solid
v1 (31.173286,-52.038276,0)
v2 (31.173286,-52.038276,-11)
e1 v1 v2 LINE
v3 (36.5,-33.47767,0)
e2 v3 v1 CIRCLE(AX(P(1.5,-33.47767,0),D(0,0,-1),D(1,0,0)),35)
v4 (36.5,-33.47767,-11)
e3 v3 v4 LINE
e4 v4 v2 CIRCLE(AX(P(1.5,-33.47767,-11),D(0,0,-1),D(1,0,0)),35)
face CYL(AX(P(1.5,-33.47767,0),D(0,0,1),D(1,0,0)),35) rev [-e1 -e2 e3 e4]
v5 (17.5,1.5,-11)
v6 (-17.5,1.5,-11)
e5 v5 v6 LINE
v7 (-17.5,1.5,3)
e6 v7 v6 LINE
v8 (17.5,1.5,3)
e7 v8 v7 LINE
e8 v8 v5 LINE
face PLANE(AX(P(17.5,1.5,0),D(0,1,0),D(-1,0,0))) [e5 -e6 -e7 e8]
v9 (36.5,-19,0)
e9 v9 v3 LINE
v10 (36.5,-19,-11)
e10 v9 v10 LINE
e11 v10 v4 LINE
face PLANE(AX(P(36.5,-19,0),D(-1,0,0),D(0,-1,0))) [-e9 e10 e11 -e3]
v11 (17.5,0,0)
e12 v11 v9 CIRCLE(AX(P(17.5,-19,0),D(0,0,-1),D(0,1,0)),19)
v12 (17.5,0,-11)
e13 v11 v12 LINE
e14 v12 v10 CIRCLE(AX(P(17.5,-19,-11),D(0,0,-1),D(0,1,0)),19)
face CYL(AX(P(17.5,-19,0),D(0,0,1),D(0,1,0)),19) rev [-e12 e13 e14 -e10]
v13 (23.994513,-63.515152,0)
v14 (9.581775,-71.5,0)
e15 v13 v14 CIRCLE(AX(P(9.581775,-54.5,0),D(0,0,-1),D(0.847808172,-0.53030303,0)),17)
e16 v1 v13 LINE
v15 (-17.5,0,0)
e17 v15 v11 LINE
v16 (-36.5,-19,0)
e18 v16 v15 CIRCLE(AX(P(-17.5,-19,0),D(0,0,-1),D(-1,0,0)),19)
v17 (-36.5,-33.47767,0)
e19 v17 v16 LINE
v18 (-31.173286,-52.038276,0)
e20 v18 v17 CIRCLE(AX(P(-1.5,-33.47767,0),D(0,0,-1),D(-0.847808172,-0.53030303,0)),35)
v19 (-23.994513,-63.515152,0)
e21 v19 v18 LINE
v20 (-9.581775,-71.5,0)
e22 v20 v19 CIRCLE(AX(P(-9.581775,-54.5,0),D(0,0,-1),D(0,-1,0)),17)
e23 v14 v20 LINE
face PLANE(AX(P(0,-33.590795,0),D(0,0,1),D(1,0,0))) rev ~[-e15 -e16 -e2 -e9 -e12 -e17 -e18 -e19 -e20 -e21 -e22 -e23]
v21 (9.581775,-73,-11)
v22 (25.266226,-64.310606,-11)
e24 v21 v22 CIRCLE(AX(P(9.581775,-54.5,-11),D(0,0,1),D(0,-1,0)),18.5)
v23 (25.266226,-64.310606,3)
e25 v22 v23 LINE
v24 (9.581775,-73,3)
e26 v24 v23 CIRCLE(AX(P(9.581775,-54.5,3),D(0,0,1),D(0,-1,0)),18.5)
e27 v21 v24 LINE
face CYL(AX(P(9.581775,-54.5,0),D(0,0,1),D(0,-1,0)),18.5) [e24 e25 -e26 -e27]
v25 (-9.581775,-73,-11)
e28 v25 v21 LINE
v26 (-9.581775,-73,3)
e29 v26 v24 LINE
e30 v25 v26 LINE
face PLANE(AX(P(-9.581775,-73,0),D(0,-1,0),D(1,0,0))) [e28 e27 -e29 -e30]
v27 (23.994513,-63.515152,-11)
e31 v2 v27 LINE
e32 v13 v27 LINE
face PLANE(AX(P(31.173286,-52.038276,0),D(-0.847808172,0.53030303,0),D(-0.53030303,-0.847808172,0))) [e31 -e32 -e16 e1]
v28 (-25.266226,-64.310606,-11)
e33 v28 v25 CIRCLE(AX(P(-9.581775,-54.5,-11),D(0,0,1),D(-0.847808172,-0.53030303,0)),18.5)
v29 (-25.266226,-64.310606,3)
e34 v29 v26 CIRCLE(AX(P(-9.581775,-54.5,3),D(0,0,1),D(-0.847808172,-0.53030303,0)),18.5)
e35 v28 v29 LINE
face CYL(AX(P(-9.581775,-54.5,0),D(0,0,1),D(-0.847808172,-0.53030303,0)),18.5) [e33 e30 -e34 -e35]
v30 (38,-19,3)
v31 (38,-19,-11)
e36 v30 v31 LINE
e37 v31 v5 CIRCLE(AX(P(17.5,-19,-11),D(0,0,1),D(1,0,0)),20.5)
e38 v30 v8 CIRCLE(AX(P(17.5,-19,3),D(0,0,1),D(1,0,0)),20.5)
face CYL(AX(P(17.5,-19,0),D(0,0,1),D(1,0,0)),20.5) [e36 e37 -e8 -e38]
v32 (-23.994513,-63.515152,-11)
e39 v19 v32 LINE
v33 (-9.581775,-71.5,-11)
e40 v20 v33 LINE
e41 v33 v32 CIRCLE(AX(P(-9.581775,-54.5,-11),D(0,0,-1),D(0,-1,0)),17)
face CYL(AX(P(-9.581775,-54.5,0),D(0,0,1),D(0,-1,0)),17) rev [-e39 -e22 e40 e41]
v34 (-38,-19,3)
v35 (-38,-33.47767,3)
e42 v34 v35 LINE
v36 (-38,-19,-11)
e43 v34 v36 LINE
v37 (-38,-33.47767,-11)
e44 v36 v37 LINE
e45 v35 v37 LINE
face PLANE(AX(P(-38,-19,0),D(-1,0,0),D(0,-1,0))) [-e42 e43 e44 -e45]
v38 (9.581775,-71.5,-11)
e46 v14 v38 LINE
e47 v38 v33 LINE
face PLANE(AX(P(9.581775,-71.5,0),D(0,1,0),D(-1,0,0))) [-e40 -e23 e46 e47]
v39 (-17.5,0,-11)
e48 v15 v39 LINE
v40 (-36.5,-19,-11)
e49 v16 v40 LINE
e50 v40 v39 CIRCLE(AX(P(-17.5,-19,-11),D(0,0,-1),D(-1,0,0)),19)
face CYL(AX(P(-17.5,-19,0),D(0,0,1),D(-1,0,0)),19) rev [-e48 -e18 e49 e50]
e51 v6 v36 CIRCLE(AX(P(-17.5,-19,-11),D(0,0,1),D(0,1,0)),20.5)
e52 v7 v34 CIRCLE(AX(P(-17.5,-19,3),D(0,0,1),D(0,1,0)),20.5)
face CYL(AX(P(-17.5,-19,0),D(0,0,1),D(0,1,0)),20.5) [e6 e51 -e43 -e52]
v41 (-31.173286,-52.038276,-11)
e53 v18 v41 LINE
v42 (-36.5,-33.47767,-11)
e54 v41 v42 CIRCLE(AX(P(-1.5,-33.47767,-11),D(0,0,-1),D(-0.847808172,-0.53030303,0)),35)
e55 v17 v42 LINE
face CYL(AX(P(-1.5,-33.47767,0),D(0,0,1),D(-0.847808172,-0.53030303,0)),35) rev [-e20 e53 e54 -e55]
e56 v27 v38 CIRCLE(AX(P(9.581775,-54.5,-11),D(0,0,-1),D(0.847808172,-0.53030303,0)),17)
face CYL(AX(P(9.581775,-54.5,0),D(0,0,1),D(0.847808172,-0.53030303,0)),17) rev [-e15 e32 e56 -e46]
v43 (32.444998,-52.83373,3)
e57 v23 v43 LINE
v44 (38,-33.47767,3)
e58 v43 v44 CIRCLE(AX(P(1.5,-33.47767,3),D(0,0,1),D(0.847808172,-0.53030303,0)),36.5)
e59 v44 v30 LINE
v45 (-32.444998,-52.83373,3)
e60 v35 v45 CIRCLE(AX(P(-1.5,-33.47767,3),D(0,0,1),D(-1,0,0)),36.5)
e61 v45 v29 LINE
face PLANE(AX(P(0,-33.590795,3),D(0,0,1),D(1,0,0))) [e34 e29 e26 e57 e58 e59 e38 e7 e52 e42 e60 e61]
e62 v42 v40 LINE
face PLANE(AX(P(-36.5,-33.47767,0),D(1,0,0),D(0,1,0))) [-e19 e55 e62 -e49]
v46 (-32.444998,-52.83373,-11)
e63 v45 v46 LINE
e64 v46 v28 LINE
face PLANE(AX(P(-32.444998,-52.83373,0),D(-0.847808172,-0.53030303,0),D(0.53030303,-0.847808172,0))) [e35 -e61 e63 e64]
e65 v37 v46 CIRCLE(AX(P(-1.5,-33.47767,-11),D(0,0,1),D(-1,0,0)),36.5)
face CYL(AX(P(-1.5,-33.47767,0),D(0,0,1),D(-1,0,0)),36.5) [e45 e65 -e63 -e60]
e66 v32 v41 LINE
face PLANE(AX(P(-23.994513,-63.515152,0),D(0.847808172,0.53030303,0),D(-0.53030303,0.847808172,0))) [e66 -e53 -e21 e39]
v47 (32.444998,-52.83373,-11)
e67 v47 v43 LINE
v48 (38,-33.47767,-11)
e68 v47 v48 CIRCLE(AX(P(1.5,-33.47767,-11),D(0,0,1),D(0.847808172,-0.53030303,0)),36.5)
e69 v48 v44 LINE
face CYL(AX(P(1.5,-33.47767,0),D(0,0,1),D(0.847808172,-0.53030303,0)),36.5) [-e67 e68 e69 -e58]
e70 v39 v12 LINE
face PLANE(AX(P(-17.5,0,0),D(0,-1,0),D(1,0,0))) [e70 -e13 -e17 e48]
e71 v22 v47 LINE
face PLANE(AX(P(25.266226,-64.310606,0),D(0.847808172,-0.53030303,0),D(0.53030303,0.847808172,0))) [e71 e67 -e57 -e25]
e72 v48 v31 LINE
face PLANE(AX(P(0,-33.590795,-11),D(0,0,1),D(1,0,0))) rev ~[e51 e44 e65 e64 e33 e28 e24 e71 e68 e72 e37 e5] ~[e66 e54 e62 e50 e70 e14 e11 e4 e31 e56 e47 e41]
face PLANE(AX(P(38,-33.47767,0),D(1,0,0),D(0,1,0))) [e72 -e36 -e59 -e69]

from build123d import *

# Parameters (mm, degrees)
F1_DEPTH = 3
F2_DEPTH = 11


with BuildPart() as f1:
    # F0 (on Top) → F1 (new body)
    with BuildSketch(Plane.XY):
        with BuildLine():
            Line((-32.4449982681, -52.8337302731), (-25.2662257445, -64.3106060606))
            ThreePointArc((-25.2662257445, -64.3106060606), (-18.5470907326, -70.6824938146), (-9.5817745675, -73))
            Line((-9.5817745675, -73), (9.5817745675, -73))
            ThreePointArc((9.5817745675, -73), (18.5470907326, -70.6824938146), (25.2662257445, -64.3106060606))
            Line((25.2662257445, -64.3106060606), (32.4449982681, -52.8337302731))
            ThreePointArc((32.4449982681, -52.8337302731), (36.5837742895, -43.5463727418), (38, -33.4776696671))
            Line((38, -33.4776696671), (38, -19))
            ThreePointArc((38, -19), (31.9956890143, -4.5043109857), (17.5, 1.5))
            Line((17.5, 1.5), (0, 1.5))
            Line((0, 1.5), (-17.5, 1.5))
            ThreePointArc((-17.5, 1.5), (-31.9956890143, -4.5043109857), (-38, -19))
            Line((-38, -19), (-38, -33.4776696671))
            ThreePointArc((-38, -33.4776696671), (-36.5837742895, -43.5463727418), (-32.4449982681, -52.8337302731))
        make_face()
        with BuildLine():
            Line((-17.5, 0), (0, 0))
            Line((0, 0), (17.5, 0))
            ThreePointArc((17.5, 0), (30.9350288425, -5.5649711575), (36.5, -19))
            Line((36.5, -19), (36.5, -33.4776696671))
            ThreePointArc((36.5, -33.4776696671), (35.1419753461, -43.1325904236), (31.1732860105, -52.0382757277))
            Line((31.1732860105, -52.0382757277), (23.9945134869, -63.5151515152))
            ThreePointArc((23.9945134869, -63.5151515152), (17.8201732057, -69.3703997216), (9.5817745675, -71.5))
            Line((9.5817745675, -71.5), (-9.5817745675, -71.5))
            ThreePointArc((-9.5817745675, -71.5), (-17.8201732057, -69.3703997216), (-23.9945134869, -63.5151515152))
            Line((-23.9945134869, -63.5151515152), (-31.1732860105, -52.0382757277))
            ThreePointArc((-31.1732860105, -52.0382757277), (-35.1419753461, -43.1325904236), (-36.5, -33.4776696671))
            Line((-36.5, -33.4776696671), (-36.5, -19))
            ThreePointArc((-36.5, -19), (-30.9350288425, -5.5649711575), (-17.5, 0))
        make_face(mode=Mode.SUBTRACT)
        with BuildLine():
            Line((17.5, 0), (0, 0))
            Line((0, 0), (-17.5, 0))
            ThreePointArc((-17.5, 0), (-30.9350288425, -5.5649711575), (-36.5, -19))
            Line((-36.5, -19), (-36.5, -33.4776696671))
            ThreePointArc((-36.5, -33.4776696671), (-35.1419753461, -43.1325904236), (-31.1732860105, -52.0382757277))
            Line((-31.1732860105, -52.0382757277), (-23.9945134869, -63.5151515152))
            ThreePointArc((-23.9945134869, -63.5151515152), (-17.8201732057, -69.3703997216), (-9.5817745675, -71.5))
            Line((-9.5817745675, -71.5), (9.5817745675, -71.5))
            ThreePointArc((9.5817745675, -71.5), (17.8201732057, -69.3703997216), (23.9945134869, -63.5151515152))
            Line((23.9945134869, -63.5151515152), (31.1732860105, -52.0382757277))
            ThreePointArc((31.1732860105, -52.0382757277), (35.1419753461, -43.1325904236), (36.5, -33.4776696671))
            Line((36.5, -33.4776696671), (36.5, -19))
            ThreePointArc((36.5, -19), (30.9350288425, -5.5649711575), (17.5, 0))
        make_face()
    extrude(amount=F1_DEPTH)

    # F0 (on Top) → F2 (join)
    with BuildSketch(Plane.XY):
        with BuildLine():
            Line((-32.4449982681, -52.8337302731), (-25.2662257445, -64.3106060606))
            ThreePointArc((-25.2662257445, -64.3106060606), (-18.5470907326, -70.6824938146), (-9.5817745675, -73))
            Line((-9.5817745675, -73), (9.5817745675, -73))
            ThreePointArc((9.5817745675, -73), (18.5470907326, -70.6824938146), (25.2662257445, -64.3106060606))
            Line((25.2662257445, -64.3106060606), (32.4449982681, -52.8337302731))
            ThreePointArc((32.4449982681, -52.8337302731), (36.5837742895, -43.5463727418), (38, -33.4776696671))
            Line((38, -33.4776696671), (38, -19))
            ThreePointArc((38, -19), (31.9956890143, -4.5043109857), (17.5, 1.5))
            Line((17.5, 1.5), (0, 1.5))
            Line((0, 1.5), (-17.5, 1.5))
            ThreePointArc((-17.5, 1.5), (-31.9956890143, -4.5043109857), (-38, -19))
            Line((-38, -19), (-38, -33.4776696671))
            ThreePointArc((-38, -33.4776696671), (-36.5837742895, -43.5463727418), (-32.4449982681, -52.8337302731))
        make_face()
        with BuildLine():
            Line((-17.5, 0), (0, 0))
            Line((0, 0), (17.5, 0))
            ThreePointArc((17.5, 0), (30.9350288425, -5.5649711575), (36.5, -19))
            Line((36.5, -19), (36.5, -33.4776696671))
            ThreePointArc((36.5, -33.4776696671), (35.1419753461, -43.1325904236), (31.1732860105, -52.0382757277))
            Line((31.1732860105, -52.0382757277), (23.9945134869, -63.5151515152))
            ThreePointArc((23.9945134869, -63.5151515152), (17.8201732057, -69.3703997216), (9.5817745675, -71.5))
            Line((9.5817745675, -71.5), (-9.5817745675, -71.5))
            ThreePointArc((-9.5817745675, -71.5), (-17.8201732057, -69.3703997216), (-23.9945134869, -63.5151515152))
            Line((-23.9945134869, -63.5151515152), (-31.1732860105, -52.0382757277))
            ThreePointArc((-31.1732860105, -52.0382757277), (-35.1419753461, -43.1325904236), (-36.5, -33.4776696671))
            Line((-36.5, -33.4776696671), (-36.5, -19))
            ThreePointArc((-36.5, -19), (-30.9350288425, -5.5649711575), (-17.5, 0))
        make_face(mode=Mode.SUBTRACT)
    extrude(amount=-F2_DEPTH)


solid = f1.part
